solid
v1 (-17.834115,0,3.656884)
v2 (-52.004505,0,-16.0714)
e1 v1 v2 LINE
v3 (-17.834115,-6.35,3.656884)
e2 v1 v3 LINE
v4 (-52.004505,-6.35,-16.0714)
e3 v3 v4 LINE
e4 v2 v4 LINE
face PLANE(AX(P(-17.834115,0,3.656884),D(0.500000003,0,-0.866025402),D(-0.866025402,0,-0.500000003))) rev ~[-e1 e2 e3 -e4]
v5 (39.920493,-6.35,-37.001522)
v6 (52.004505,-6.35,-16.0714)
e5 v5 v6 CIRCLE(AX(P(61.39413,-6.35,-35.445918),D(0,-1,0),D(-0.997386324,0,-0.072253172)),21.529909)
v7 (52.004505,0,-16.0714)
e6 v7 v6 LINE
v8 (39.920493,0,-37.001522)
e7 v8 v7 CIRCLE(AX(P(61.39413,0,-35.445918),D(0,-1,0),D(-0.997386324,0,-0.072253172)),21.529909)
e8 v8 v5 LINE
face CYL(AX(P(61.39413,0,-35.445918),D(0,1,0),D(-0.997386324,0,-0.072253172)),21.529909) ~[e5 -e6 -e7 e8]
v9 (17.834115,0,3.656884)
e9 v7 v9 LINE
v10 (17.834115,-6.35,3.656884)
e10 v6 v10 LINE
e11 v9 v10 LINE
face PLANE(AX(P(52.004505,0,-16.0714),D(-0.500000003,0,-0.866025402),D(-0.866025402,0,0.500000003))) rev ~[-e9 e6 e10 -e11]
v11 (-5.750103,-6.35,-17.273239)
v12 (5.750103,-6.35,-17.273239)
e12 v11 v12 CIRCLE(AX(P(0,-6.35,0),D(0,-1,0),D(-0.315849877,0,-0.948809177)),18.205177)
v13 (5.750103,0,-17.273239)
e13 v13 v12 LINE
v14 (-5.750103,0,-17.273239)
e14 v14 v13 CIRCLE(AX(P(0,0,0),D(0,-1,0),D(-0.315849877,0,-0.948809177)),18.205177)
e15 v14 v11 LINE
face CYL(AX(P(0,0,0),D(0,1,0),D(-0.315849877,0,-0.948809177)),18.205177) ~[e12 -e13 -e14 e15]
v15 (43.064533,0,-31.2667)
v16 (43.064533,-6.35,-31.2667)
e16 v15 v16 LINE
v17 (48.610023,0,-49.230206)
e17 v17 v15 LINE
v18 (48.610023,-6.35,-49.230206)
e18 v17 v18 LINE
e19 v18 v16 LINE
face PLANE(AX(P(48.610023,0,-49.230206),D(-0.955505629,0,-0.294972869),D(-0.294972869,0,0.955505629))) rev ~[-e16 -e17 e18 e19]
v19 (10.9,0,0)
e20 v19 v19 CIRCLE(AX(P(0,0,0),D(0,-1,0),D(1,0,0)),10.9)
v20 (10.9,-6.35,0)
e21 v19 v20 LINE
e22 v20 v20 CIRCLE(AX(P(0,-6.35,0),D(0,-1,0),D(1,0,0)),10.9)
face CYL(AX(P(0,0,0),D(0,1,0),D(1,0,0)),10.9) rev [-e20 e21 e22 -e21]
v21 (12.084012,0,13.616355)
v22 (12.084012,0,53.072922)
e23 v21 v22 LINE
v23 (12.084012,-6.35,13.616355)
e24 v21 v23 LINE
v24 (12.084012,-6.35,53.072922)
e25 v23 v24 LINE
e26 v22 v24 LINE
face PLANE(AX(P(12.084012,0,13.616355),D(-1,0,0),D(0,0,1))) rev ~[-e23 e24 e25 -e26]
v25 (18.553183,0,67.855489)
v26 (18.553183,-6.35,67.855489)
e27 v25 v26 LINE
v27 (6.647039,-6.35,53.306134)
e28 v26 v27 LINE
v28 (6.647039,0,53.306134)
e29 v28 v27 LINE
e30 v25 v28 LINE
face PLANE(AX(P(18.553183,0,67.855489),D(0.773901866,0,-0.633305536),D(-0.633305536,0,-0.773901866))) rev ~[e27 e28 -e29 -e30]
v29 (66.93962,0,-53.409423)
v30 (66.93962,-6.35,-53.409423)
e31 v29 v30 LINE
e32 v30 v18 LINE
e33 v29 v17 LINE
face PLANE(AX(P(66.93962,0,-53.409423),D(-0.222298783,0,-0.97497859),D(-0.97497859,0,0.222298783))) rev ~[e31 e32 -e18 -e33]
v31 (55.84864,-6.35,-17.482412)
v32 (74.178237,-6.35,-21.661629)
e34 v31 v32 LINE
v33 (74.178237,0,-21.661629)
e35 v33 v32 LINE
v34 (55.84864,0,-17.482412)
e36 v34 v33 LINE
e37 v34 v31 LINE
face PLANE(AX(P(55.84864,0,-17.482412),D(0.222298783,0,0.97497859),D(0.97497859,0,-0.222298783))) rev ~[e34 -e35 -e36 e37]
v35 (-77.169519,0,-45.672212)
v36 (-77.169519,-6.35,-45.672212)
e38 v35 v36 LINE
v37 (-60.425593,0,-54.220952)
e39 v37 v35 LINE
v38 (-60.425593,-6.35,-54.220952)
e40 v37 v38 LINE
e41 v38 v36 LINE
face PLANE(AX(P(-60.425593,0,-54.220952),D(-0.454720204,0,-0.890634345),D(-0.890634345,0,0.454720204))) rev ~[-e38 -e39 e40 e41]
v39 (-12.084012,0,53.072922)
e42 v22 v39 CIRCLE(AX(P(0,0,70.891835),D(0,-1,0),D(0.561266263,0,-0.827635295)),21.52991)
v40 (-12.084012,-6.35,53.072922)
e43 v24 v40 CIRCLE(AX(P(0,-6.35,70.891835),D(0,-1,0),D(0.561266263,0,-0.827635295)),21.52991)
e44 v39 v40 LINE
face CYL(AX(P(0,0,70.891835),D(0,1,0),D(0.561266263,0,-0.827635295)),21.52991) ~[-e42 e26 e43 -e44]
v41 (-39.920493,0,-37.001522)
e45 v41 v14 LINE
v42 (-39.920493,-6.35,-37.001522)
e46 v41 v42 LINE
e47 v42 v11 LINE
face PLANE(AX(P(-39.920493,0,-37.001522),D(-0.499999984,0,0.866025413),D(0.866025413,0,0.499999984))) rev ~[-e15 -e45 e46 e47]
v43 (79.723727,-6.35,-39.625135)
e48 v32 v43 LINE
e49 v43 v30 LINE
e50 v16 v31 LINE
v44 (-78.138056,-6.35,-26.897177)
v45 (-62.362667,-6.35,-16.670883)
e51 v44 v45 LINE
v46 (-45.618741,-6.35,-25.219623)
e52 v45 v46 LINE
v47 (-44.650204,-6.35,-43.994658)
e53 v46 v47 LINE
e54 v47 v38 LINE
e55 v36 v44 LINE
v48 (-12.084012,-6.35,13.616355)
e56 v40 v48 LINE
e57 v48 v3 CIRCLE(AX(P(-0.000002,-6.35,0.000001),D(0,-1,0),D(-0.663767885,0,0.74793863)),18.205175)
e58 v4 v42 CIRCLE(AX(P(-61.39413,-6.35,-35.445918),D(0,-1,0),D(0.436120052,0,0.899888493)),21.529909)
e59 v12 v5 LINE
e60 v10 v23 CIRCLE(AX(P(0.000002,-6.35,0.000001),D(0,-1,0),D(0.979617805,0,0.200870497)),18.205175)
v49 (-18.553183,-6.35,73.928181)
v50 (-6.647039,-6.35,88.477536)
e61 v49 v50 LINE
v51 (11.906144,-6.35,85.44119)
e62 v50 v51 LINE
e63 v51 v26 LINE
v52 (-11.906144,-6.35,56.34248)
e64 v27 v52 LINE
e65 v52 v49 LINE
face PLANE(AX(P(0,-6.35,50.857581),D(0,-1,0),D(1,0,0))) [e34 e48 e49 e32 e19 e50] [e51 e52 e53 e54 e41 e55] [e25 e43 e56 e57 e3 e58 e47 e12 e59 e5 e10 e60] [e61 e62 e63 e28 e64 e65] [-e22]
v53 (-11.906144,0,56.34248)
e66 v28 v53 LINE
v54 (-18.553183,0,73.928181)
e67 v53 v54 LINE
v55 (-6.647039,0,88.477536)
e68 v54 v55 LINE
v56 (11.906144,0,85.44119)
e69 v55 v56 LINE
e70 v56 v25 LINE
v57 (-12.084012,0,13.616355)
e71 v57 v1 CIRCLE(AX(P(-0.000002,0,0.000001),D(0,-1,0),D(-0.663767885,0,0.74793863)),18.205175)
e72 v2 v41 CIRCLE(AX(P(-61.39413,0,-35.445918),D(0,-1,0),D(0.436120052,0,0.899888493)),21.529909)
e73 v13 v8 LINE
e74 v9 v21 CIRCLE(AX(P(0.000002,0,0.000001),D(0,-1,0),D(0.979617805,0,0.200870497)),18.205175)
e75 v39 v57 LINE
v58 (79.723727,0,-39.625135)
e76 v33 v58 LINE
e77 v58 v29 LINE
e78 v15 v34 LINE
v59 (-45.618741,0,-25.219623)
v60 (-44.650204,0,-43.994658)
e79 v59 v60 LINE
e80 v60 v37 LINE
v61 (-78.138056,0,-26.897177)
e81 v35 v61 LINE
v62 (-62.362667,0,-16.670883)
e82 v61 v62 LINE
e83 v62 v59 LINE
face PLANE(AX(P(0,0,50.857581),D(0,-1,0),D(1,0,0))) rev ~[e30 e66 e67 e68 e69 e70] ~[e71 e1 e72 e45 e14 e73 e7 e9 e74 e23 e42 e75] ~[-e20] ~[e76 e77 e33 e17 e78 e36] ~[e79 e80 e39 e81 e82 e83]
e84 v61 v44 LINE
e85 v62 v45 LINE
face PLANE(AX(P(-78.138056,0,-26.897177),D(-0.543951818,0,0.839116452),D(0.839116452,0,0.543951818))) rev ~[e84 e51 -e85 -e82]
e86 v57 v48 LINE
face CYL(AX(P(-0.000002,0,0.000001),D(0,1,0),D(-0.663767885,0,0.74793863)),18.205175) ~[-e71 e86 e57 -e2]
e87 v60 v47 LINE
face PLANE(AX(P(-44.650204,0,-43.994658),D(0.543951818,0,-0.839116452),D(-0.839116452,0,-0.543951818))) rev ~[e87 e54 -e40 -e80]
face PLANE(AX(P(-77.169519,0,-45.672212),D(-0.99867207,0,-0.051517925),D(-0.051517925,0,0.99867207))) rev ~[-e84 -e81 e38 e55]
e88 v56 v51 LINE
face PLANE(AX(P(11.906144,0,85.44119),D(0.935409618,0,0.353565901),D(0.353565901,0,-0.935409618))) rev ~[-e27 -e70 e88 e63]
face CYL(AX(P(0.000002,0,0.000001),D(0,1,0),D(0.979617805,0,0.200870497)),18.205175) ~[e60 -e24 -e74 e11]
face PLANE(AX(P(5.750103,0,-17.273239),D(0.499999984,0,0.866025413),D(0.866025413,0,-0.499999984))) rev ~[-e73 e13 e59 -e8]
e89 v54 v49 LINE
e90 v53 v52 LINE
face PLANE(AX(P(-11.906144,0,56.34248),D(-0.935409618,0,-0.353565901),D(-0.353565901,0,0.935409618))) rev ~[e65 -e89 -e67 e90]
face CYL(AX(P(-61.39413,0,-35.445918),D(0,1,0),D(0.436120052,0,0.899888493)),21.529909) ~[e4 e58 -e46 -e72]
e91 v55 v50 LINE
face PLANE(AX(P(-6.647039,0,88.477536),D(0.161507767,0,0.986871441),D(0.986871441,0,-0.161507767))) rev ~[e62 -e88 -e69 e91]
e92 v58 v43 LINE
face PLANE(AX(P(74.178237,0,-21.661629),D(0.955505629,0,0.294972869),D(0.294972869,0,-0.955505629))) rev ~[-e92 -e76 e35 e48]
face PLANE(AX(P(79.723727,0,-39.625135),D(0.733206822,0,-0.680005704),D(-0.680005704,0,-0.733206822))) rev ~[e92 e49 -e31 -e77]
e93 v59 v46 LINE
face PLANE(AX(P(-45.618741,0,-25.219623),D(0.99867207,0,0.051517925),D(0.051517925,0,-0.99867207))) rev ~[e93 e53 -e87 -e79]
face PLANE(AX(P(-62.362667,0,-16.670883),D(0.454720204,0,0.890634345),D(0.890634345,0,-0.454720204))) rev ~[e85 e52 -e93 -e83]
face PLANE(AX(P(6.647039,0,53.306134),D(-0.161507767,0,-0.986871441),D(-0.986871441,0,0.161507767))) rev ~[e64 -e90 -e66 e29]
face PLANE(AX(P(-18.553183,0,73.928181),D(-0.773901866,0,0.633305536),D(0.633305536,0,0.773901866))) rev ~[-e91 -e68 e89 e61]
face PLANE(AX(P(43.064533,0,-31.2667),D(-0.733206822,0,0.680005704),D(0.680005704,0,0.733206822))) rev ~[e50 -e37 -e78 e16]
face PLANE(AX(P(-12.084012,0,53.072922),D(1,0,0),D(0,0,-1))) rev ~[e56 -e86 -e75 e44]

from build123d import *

# Parameters (mm, degrees)
F0_R     = 10.9
F1_DEPTH = 6.35


with BuildPart() as f1:
    # F0 (on Front) → F1 (new body)
    with BuildSketch(Plane.XZ):
        with BuildLine():
            ThreePointArc((-12.084012, 13.616355), (0, 18.205177), (12.084012, 13.616355))
            Line((12.084012, 13.616355), (12.084012, 53.072922))
            ThreePointArc((12.084012, 53.072922), (0, 92.421745), (-12.084012, 53.072922))
            Line((-12.084012, 53.072922), (-12.084012, 13.616355))
        make_face()
        Polygon((6.647039, 53.306134), (-11.906144, 56.34248), (-18.553183, 73.928181), (-6.647039, 88.477536), (11.906144, 85.44119), (18.553183, 67.855489), align=None, mode=Mode.SUBTRACT)
        with BuildLine():
            ThreePointArc((17.834115, 3.656884), (18.112174, 1.837831), (18.205177, 0))
            ThreePointArc((18.205177, 0), (14.766687, -10.647695), (5.750103, -17.273239))
            Line((5.750103, -17.273239), (39.920493, -37.001522))
            ThreePointArc((39.920493, -37.001522), (80.039579, -46.210872), (52.004505, -16.0714))
            Line((52.004505, -16.0714), (17.834115, 3.656884))
        make_face()
        Polygon((79.723727, -39.625135), (66.93962, -53.409423), (48.610023, -49.230206), (43.064533, -31.2667), (55.84864, -17.482412), (74.178237, -21.661629), align=None, mode=Mode.SUBTRACT)
        with BuildLine():
            Line((-39.920493, -37.001522), (-5.750103, -17.273239))
            ThreePointArc((-5.750103, -17.273239), (-15.766146, -9.102588), (-17.834115, 3.656884))
            Line((-17.834115, 3.656884), (-52.004505, -16.0714))
            ThreePointArc((-52.004505, -16.0714), (-80.039579, -46.210872), (-39.920493, -37.001522))
        make_face()
        Polygon((-44.650204, -43.994658), (-60.425593, -54.220952), (-77.169519, -45.672212), (-78.138056, -26.897177), (-62.362667, -16.670883), (-45.618741, -25.219623), align=None, mode=Mode.SUBTRACT)
        with BuildLine():
            ThreePointArc((5.750103, -17.273239), (14.766687, -10.647695), (18.205177, 0))
            ThreePointArc((18.205177, 0), (18.112174, 1.837831), (17.834115, 3.656884))
            ThreePointArc((17.834115, 3.656884), (15.766146, 9.102588), (12.084012, 13.616355))
            ThreePointArc((12.084012, 13.616355), (0, 18.205177), (-12.084012, 13.616355))
            ThreePointArc((-12.084012, 13.616355), (-15.766146, 9.102588), (-17.834115, 3.656884))
            ThreePointArc((-17.834115, 3.656884), (-15.766146, -9.102588), (-5.750103, -17.273239))
            ThreePointArc((-5.750103, -17.273239), (0, -18.205177), (5.750103, -17.273239))
        make_face()
        Circle(F0_R, mode=Mode.SUBTRACT)
    extrude(amount=F1_DEPTH)


solid = f1.part
